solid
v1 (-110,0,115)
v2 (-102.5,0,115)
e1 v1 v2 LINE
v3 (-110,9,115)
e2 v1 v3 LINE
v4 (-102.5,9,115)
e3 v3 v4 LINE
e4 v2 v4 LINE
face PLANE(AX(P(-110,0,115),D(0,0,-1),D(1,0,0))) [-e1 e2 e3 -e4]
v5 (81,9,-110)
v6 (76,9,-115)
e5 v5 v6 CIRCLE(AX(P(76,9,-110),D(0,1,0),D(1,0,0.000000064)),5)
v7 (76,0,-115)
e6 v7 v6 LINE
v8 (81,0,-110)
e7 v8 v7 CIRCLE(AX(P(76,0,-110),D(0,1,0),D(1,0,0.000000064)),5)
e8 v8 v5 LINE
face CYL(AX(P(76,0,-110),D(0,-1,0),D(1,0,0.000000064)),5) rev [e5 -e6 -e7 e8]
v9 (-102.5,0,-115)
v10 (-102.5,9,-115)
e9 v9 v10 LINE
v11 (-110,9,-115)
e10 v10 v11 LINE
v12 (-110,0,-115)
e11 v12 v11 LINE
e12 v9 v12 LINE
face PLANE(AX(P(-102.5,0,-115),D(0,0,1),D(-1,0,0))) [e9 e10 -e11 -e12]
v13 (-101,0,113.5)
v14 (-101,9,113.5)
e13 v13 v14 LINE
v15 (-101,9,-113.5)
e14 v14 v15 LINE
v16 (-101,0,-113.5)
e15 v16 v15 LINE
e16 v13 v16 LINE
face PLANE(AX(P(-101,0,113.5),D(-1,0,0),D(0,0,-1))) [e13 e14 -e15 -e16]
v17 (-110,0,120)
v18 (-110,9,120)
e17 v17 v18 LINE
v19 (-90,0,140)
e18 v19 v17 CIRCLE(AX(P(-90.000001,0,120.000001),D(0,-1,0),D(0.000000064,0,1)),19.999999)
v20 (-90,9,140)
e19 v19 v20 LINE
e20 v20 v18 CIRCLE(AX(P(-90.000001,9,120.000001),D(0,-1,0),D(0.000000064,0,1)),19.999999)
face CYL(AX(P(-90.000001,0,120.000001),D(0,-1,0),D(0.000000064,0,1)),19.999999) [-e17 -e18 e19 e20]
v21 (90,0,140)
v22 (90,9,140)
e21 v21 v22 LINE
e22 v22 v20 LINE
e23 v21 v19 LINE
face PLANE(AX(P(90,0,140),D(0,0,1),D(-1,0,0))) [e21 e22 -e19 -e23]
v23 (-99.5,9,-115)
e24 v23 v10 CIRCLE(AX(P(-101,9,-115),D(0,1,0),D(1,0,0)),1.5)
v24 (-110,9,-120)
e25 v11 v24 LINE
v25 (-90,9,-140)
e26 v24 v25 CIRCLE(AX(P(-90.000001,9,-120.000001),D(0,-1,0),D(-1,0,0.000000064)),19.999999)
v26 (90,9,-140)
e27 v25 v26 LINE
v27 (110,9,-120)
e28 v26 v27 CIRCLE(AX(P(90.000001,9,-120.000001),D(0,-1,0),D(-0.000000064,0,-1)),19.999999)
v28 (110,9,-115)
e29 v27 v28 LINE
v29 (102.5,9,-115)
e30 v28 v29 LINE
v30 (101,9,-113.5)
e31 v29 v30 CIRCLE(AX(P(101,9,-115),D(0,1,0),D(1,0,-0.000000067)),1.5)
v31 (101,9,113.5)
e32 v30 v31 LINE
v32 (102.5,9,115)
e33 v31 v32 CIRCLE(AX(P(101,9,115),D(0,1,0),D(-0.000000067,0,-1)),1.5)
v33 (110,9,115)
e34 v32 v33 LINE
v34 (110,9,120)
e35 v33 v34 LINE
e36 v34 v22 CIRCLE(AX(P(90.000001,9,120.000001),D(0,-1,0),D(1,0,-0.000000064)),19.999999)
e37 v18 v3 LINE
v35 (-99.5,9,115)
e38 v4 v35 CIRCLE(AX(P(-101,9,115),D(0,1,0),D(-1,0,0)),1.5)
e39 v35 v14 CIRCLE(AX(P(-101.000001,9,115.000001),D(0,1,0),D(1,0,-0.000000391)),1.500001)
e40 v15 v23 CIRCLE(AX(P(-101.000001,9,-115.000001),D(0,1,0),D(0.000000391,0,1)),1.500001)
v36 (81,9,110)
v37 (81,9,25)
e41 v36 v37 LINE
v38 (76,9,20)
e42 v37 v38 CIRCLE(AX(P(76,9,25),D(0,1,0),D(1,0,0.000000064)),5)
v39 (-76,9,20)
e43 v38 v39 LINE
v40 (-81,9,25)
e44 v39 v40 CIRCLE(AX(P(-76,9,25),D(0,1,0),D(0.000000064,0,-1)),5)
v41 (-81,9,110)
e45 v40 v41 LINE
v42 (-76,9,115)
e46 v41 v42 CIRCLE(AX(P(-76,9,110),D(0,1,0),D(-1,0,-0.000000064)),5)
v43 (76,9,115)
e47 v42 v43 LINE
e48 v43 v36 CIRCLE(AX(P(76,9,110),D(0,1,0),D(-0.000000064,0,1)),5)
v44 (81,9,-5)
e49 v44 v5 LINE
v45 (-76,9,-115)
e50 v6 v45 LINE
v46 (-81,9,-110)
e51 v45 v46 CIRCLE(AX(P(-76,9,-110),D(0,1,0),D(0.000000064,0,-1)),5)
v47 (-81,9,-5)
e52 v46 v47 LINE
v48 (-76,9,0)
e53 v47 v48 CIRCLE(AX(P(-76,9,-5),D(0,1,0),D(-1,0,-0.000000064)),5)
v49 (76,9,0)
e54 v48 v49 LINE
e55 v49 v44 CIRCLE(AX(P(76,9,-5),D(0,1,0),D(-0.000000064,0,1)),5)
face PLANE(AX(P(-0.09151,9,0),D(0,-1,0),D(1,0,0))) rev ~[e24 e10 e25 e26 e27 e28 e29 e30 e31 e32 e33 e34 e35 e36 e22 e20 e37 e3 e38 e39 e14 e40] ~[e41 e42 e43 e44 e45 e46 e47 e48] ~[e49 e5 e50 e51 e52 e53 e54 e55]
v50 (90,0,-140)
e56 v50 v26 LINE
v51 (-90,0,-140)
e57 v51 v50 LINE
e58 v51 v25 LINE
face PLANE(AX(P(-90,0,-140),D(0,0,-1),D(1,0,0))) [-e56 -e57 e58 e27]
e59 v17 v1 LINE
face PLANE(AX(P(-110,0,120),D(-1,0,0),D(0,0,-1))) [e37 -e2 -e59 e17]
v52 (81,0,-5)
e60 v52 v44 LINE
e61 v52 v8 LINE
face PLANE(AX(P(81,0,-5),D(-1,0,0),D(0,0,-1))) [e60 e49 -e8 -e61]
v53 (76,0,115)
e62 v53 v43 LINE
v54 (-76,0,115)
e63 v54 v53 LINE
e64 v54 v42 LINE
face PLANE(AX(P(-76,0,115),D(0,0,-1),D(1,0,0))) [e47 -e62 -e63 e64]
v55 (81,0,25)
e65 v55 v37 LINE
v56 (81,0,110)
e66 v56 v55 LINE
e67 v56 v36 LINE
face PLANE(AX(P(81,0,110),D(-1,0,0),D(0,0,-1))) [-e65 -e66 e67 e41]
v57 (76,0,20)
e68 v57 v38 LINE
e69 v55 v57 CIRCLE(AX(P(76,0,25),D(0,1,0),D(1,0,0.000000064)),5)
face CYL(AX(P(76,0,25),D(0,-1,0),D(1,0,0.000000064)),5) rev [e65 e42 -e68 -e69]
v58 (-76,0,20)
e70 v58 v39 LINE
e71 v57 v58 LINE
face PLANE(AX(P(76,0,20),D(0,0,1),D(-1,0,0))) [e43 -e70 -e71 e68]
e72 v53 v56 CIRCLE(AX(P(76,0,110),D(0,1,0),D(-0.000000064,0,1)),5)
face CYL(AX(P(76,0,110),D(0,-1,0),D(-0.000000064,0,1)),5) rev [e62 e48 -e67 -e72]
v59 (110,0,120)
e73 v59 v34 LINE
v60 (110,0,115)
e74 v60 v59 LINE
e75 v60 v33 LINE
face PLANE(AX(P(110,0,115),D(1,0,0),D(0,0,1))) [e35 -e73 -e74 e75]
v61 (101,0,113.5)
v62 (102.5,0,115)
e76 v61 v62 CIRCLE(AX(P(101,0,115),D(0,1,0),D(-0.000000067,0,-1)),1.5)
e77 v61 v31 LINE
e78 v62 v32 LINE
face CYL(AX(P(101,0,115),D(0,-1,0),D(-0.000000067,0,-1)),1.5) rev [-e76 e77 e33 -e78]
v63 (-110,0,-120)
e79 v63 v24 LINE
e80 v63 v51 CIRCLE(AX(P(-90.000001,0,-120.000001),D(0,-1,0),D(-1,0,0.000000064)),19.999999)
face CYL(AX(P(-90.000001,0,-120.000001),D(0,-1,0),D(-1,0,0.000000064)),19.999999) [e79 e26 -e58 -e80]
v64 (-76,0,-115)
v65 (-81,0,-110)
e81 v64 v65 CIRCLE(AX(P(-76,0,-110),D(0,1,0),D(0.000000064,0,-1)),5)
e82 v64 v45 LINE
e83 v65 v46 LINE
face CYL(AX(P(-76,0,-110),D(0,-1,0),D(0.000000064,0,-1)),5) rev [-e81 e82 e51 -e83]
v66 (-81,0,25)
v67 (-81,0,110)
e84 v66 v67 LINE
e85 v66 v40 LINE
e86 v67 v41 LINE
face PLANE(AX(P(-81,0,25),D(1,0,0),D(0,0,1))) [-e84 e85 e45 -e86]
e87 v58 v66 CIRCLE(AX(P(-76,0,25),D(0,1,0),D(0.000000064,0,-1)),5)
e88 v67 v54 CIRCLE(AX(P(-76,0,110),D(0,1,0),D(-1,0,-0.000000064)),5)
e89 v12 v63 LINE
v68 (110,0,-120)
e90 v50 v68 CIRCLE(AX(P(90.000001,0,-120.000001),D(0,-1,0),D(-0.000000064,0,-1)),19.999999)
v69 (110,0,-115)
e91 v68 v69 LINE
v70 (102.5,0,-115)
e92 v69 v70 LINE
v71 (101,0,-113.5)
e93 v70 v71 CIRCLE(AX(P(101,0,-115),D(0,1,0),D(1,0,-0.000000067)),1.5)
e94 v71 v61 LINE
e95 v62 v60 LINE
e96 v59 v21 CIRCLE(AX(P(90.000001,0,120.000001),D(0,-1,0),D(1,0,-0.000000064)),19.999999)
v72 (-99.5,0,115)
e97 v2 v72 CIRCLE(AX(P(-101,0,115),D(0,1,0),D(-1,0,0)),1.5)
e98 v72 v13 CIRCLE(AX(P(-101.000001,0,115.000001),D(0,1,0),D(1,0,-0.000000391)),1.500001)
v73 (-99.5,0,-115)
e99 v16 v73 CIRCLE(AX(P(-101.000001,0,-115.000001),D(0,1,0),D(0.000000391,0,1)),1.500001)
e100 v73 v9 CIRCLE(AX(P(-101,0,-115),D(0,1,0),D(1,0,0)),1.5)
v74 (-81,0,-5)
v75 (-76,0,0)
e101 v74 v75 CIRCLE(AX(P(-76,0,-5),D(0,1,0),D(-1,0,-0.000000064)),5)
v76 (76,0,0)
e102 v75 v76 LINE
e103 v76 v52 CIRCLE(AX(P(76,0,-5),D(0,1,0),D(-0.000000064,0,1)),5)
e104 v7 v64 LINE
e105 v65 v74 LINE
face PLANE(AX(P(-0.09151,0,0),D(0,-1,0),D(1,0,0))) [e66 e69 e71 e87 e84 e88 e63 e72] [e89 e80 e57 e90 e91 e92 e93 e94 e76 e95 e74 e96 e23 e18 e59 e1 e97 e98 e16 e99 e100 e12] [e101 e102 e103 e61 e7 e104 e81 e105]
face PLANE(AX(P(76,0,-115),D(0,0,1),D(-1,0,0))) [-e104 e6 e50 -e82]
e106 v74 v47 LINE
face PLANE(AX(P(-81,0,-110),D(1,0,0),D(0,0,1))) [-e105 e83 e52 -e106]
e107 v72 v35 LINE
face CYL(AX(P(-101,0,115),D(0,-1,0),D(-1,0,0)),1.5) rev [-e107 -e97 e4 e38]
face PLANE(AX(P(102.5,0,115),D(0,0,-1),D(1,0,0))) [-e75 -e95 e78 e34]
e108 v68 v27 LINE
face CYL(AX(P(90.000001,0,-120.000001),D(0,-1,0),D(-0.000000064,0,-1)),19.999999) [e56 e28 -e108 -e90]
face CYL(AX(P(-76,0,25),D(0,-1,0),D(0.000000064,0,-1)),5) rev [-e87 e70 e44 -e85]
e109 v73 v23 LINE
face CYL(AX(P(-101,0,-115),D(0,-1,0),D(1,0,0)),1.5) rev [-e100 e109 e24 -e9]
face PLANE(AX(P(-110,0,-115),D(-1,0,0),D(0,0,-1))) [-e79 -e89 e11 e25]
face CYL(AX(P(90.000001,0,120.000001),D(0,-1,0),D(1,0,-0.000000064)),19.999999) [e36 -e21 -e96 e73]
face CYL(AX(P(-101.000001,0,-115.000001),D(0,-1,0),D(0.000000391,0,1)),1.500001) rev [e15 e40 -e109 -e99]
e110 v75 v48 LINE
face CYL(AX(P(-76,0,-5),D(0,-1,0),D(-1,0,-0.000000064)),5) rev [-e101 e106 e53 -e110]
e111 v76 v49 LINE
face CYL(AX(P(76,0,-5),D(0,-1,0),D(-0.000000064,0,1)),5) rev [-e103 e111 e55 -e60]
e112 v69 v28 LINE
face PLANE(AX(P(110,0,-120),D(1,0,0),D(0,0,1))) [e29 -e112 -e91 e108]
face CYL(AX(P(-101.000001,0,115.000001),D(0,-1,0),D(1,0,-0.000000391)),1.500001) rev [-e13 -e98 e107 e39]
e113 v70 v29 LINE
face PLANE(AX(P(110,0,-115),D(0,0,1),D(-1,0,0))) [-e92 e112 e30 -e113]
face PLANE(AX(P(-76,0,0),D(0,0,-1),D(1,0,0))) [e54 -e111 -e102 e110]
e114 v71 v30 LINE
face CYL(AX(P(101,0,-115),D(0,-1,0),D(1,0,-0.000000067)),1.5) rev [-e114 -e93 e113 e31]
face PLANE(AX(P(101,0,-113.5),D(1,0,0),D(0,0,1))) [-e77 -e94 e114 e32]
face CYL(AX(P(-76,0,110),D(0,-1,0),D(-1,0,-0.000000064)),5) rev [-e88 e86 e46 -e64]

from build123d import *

# Parameters (mm, degrees)
F1_DEPTH = 9


with BuildPart() as f1:
    # F0 (on Front) → F1 (new body)
    with BuildSketch(Plane.XZ):
        with BuildLine():
            Line((90, 140), (-90, 140))
            ThreePointArc((-90, 140), (-104.142136, 134.142136), (-110, 120))
            Line((-110, 120), (-110, 115))
            Line((-110, 115), (-102.5, 115))
            ThreePointArc((-102.5, 115), (-101, 116.5), (-99.5, 115))
            ThreePointArc((-99.5, 115), (-99.93934, 113.93934), (-101, 113.5))
            Line((-101, 113.5), (-101, -113.5))
            ThreePointArc((-101, -113.5), (-99.93934, -113.93934), (-99.5, -115))
            ThreePointArc((-99.5, -115), (-101, -116.5), (-102.5, -115))
            Line((-102.5, -115), (-110, -115))
            Line((-110, -115), (-110, -120))
            ThreePointArc((-110, -120), (-104.142136, -134.142136), (-90, -140))
            Line((-90, -140), (90, -140))
            ThreePointArc((90, -140), (104.142136, -134.142136), (110, -120))
            Line((110, -120), (110, -115))
            Line((110, -115), (102.5, -115))
            ThreePointArc((102.5, -115), (99.93934, -116.06066), (101, -113.5))
            Line((101, -113.5), (101, 113.5))
            ThreePointArc((101, 113.5), (99.93934, 116.06066), (102.5, 115))
            Line((102.5, 115), (110, 115))
            Line((110, 115), (110, 120))
            ThreePointArc((110, 120), (104.142136, 134.142136), (90, 140))
        make_face()
        with BuildLine():
            Line((-81, -110), (-81, -5))
            ThreePointArc((-81, -5), (-79.535534, -1.464466), (-76, 0))
            Line((-76, 0), (76, 0))
            ThreePointArc((76, 0), (79.535534, -1.464466), (81, -5))
            Line((81, -5), (81, -110))
            ThreePointArc((81, -110), (79.535534, -113.535534), (76, -115))
            Line((76, -115), (-76, -115))
            ThreePointArc((-76, -115), (-79.535534, -113.535534), (-81, -110))
        make_face(mode=Mode.SUBTRACT)
        with BuildLine():
            Line((76, 20), (-76, 20))
            ThreePointArc((-76, 20), (-79.535534, 21.464466), (-81, 25))
            Line((-81, 25), (-81, 110))
            ThreePointArc((-81, 110), (-79.535534, 113.535534), (-76, 115))
            Line((-76, 115), (76, 115))
            ThreePointArc((76, 115), (79.535534, 113.535534), (81, 110))
            Line((81, 110), (81, 25))
            ThreePointArc((81, 25), (79.535534, 21.464466), (76, 20))
        make_face(mode=Mode.SUBTRACT)
    extrude(amount=-F1_DEPTH)


solid = f1.part
